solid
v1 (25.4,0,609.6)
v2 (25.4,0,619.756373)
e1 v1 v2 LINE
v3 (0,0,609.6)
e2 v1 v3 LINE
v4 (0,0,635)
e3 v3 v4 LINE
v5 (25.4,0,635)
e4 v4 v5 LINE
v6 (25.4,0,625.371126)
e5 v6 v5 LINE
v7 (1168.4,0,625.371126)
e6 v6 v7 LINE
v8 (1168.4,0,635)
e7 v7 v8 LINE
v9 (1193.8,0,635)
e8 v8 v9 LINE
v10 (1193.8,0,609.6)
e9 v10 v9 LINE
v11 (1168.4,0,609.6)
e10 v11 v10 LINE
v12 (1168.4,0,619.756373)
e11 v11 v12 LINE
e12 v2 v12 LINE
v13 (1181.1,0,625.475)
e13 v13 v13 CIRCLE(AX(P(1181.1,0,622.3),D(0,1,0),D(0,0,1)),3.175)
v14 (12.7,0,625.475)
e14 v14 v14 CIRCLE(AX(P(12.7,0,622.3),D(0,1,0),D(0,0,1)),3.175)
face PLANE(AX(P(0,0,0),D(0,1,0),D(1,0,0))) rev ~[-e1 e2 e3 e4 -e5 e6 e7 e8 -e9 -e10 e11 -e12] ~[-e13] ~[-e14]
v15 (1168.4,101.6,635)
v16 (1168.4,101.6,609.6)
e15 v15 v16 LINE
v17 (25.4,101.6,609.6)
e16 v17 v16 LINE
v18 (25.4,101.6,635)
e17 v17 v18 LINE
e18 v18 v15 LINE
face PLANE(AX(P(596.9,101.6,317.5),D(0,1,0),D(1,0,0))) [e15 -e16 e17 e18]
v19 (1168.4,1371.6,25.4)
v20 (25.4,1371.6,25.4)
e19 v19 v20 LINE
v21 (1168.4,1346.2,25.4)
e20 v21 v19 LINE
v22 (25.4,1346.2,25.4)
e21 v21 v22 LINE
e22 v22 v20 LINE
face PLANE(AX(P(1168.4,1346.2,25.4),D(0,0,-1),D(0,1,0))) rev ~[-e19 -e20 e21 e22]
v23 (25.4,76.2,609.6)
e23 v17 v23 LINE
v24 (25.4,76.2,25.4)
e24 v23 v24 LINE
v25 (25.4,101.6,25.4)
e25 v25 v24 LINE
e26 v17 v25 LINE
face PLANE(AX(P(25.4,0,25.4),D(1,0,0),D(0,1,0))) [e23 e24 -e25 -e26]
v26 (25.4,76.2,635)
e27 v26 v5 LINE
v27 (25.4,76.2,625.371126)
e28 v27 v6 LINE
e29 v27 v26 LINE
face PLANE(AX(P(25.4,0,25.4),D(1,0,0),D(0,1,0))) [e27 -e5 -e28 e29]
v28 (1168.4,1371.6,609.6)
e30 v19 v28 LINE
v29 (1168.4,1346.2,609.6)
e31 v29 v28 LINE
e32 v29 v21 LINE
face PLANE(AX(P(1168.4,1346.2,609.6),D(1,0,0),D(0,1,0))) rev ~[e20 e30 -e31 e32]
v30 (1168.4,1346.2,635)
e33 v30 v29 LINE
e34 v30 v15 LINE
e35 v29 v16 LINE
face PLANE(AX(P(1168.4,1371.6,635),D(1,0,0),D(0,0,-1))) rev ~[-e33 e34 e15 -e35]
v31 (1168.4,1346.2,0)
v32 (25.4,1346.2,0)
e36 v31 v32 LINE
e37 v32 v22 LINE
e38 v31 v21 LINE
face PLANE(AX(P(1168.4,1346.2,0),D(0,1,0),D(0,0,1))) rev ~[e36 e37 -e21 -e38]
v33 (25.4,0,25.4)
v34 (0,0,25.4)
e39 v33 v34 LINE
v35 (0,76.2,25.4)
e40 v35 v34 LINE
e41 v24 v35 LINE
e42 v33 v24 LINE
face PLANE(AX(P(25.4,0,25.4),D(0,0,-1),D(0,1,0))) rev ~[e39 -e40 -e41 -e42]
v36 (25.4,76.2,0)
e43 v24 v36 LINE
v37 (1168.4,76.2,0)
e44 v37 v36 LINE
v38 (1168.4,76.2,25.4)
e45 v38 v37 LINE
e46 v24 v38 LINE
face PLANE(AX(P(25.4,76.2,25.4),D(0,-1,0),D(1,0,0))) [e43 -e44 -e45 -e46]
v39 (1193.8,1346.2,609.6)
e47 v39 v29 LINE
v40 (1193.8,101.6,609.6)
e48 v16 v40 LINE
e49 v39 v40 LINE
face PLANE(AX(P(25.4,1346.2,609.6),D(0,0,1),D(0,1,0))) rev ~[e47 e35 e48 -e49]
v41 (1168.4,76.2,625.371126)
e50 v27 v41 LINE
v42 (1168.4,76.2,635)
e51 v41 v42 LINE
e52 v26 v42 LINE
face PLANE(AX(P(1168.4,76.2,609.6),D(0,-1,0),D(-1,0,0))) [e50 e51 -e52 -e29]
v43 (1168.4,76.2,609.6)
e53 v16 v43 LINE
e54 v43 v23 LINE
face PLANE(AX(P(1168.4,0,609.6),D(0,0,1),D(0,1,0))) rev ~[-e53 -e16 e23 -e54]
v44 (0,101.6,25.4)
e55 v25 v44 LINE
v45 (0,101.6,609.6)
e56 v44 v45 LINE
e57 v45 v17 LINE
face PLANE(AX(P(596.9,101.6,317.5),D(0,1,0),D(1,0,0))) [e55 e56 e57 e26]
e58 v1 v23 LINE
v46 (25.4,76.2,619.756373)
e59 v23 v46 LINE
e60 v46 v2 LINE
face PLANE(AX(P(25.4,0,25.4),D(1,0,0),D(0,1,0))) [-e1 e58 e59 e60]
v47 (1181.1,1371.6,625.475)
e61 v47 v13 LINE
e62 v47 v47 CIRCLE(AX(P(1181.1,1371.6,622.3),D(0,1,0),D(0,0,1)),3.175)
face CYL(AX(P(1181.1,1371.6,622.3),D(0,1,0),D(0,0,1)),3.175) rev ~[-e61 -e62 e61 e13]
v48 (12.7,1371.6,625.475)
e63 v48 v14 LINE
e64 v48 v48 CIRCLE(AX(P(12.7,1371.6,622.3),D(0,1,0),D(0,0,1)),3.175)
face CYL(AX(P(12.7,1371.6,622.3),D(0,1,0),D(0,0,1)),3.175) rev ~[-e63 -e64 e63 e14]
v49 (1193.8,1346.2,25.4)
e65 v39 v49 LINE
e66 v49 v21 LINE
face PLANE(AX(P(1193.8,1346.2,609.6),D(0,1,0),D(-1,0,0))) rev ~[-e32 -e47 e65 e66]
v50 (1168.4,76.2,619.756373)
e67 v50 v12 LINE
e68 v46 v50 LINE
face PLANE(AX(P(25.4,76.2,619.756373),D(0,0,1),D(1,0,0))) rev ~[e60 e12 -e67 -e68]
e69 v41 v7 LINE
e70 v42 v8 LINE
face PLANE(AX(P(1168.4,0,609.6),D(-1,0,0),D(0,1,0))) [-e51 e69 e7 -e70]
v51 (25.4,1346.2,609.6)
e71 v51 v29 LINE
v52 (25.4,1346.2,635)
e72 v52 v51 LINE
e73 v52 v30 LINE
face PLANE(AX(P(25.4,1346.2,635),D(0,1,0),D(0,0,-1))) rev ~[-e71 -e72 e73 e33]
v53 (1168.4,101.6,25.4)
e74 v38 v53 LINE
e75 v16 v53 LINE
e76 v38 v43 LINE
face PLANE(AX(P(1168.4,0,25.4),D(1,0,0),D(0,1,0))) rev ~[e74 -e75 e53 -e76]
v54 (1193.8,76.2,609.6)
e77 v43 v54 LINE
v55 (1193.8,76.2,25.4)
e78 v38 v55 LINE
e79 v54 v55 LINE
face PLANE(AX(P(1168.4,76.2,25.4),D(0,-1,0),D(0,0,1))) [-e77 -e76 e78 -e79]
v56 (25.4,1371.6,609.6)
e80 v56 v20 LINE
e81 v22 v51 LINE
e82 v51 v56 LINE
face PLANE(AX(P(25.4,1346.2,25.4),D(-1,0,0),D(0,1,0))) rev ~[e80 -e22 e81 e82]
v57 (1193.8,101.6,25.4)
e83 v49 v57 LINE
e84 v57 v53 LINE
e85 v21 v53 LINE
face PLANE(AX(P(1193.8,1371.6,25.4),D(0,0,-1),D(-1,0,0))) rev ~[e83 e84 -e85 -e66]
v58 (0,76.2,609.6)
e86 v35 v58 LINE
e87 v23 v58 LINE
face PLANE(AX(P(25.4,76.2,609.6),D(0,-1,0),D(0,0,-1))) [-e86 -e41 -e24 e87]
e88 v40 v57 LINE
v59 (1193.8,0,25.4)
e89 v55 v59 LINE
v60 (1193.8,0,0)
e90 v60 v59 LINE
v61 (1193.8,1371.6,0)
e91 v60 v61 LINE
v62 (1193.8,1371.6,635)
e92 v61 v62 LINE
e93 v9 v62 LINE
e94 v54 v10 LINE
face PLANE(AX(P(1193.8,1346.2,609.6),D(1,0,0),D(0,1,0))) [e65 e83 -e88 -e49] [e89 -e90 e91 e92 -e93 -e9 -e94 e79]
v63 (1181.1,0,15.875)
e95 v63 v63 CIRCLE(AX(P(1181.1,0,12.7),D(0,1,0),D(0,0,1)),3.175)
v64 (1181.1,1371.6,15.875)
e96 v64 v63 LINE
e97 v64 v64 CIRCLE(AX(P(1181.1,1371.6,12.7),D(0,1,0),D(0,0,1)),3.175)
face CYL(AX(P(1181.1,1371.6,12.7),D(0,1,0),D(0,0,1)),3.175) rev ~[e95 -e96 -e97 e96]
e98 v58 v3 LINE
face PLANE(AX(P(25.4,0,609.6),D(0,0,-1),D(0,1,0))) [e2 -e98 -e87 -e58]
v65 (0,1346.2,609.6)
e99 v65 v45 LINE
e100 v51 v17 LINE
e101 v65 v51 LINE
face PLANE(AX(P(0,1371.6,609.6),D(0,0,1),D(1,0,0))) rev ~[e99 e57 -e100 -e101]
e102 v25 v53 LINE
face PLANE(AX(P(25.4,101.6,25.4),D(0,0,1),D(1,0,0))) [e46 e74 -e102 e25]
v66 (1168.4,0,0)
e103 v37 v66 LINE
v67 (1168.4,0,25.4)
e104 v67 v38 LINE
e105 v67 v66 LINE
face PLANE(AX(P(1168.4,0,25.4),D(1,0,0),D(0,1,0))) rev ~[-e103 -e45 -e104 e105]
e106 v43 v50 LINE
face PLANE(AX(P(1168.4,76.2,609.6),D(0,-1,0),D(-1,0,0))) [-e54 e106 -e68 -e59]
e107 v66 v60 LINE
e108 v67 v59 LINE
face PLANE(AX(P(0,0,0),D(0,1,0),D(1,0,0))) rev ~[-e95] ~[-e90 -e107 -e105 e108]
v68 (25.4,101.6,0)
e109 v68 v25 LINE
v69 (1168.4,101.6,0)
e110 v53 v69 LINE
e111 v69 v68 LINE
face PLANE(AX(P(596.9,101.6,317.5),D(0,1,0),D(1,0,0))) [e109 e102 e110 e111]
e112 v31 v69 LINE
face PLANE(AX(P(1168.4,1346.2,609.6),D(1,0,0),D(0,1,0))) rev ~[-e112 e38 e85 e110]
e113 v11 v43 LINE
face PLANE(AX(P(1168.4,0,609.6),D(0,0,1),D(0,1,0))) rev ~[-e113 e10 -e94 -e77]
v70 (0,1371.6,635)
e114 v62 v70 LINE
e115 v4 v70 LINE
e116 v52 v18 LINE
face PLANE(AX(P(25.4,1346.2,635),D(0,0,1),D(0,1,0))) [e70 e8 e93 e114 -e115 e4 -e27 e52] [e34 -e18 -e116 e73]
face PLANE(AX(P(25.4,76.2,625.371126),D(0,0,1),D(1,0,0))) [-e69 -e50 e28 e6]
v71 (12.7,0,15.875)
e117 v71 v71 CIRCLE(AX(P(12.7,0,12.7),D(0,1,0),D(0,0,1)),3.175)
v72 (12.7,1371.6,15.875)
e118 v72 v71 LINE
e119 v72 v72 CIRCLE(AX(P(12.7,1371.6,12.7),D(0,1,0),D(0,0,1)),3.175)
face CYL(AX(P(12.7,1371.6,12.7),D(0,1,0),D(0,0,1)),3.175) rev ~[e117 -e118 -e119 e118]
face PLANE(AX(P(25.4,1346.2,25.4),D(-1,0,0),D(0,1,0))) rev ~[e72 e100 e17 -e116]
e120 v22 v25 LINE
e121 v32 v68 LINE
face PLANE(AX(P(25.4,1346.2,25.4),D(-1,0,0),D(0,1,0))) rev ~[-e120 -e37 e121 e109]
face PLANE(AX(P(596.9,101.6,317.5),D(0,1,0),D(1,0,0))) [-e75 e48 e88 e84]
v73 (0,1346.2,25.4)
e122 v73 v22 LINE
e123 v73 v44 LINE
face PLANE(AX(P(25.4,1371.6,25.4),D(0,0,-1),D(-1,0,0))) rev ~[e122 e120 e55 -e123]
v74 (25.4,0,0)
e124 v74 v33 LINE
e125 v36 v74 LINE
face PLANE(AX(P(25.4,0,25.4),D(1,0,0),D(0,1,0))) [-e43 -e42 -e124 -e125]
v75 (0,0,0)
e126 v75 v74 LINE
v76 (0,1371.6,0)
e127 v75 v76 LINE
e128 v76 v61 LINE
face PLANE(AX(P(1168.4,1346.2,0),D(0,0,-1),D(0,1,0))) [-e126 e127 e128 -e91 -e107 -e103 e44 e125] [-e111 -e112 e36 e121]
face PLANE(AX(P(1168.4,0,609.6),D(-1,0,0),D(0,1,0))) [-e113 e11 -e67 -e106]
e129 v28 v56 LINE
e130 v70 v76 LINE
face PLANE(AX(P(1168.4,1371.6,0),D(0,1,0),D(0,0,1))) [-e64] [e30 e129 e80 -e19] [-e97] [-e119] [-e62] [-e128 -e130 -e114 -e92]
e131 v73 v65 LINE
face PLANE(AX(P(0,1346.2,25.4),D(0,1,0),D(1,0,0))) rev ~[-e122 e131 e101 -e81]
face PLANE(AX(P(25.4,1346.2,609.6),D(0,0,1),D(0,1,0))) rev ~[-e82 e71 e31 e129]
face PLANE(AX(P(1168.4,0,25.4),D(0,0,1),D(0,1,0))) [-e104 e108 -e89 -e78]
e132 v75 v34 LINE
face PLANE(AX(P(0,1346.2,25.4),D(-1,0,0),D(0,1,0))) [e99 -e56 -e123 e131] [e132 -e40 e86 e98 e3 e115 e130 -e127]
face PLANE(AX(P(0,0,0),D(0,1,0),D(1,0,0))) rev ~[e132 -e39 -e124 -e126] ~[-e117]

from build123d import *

# Parameters (mm, degrees)
SKETCH1_W       = 1193.8
SKETCH1_H       = 1371.6
EXTRUDE1_DEPTH  = 635
EXTRUDE4_DEPTH  = 1270
SKETCH6_W       = 25.4
SKETCH6_H       = 25.4
EXTRUDE5_DEPTH  = 584.2
SKETCH8_W       = 25.4
SKETCH8_H       = 25.4
EXTRUDE6_DEPTH  = 1143
SKETCH9_W       = 25.4
SKETCH9_H       = 25.4
EXTRUDE7_DEPTH  = 584.2
SKETCH10_W      = 25.4
SKETCH10_H      = 25.4
EXTRUDE8_DEPTH  = 1143
SHELL2_T        = -25.4
SKETCH17_R      = 3.175
EXTRUDE14_DEPTH = 1927.050362789
SKETCH24_W      = 1143
SKETCH24_H      = 584.2
EXTRUDE15_DEPTH = 25.4
SKETCH12_W      = 1143
SKETCH12_H      = 76.2
EXTRUDE16_DEPTH = 38.1
SKETCH13_W      = 584.2
SKETCH13_H      = 76.2
EXTRUDE17_DEPTH = 38.1
SKETCH14_W      = 1143
SKETCH14_H      = 76.2
EXTRUDE18_DEPTH = 38.1
SKETCH11_W      = 584.2
SKETCH11_H      = 76.2
EXTRUDE19_DEPTH = 38.1
SKETCH30_W      = 1143
SKETCH30_H      = 5.614753794
EXTRUDE20_DEPTH = 76.2


with BuildPart() as part:
    # Sketch1 → Extrude1 (new body)
    with BuildSketch(Plane.XY):
        with Locations((596.9, 685.8)):
            Rectangle(SKETCH1_W, SKETCH1_H)
    extrude(amount=EXTRUDE1_DEPTH)

    # Sketch2 → Extrude4 (cut)
    with BuildSketch(Plane(origin=(0, 1371.6, 0), x_dir=(1, 0, 0), z_dir=(0, 1, 0))):
        Polygon((25.4, -609.6), (25.4, -635), (1168.4, -635), (1168.4, -609.6), (1193.8, -609.6), (1193.8, -25.4), (1168.4, -25.4), (1168.4, 0), (25.4, 0), (25.4, -25.4), (0, -25.4), (0, -609.6), align=None)
    extrude(amount=-EXTRUDE4_DEPTH, mode=Mode.SUBTRACT)

    # Sketch6 → Extrude5 (add)
    with BuildSketch(Plane.XY.offset(25.4)):
        with Locations((12.7, 1358.9)):
            Rectangle(SKETCH6_W, SKETCH6_H)
    extrude(amount=EXTRUDE5_DEPTH)

    # Sketch8 → Extrude6 (add)
    with BuildSketch(Plane(origin=(25.4, 0, 0), x_dir=(0, 0, -1), z_dir=(1, 0, 0))):
        with Locations((-622.3, 1358.9)):
            Rectangle(SKETCH8_W, SKETCH8_H)
    extrude(amount=EXTRUDE6_DEPTH)

    # Sketch9 → Extrude7 (add)
    with BuildSketch(Plane(origin=(0, 0, 609.6), x_dir=(-1, 0, 0), z_dir=(0, 0, -1))):
        with Locations((-1181.1, 1358.9)):
            Rectangle(SKETCH9_W, SKETCH9_H)
    extrude(amount=EXTRUDE7_DEPTH)

    # Sketch10 → Extrude8 (add)
    with BuildSketch(Plane.ZY.offset(-1168.4)):
        with Locations((12.7, 1358.9)):
            Rectangle(SKETCH10_W, SKETCH10_H)
    extrude(amount=EXTRUDE8_DEPTH)

    # Shell2
    shell2_openings = [part.faces().sort_by_distance(p)[0] for p in [
        (596.9, 0, 317.5),
    ]]
    offset(amount=SHELL2_T, openings=shell2_openings)

    # Sketch17 → Extrude14 (cut, through all)
    with BuildSketch(Plane(origin=(0, 1371.6, 0), x_dir=(1, 0, 0), z_dir=(0, 1, 0))):
        with Locations(Location((1181.1, -622.3, 0), (0, 0, 270))):
            Circle(SKETCH17_R)
        with Locations(Location((1181.1, -12.7, 0), (0, 0, 270))):
            Circle(SKETCH17_R)
        with Locations(Location((12.7, -12.7, 0), (0, 0, 270))):
            Circle(SKETCH17_R)
        with Locations(Location((12.7, -622.3, 0), (0, 0, 270))):
            Circle(SKETCH17_R)
    extrude(amount=-EXTRUDE14_DEPTH, mode=Mode.SUBTRACT)

    # Sketch24 → Extrude15 (cut)
    with BuildSketch(Plane(origin=(0, 101.6, 0), x_dir=(1, 0, 0), z_dir=(0, 1, 0))):
        with Locations((596.9, -317.5)):
            Rectangle(SKETCH24_W, SKETCH24_H)
    extrude(amount=-EXTRUDE15_DEPTH, mode=Mode.SUBTRACT)

    # Sketch12 → Extrude16 (cut)
    with BuildSketch(Plane.XY.offset(25.4)):
        with Locations((596.9, 38.1)):
            Rectangle(SKETCH12_W, SKETCH12_H)
    extrude(amount=-EXTRUDE16_DEPTH, mode=Mode.SUBTRACT)

    # Sketch13 → Extrude17 (cut)
    with BuildSketch(Plane.ZY.offset(-1168.4)):
        with Locations((317.5, 38.1)):
            Rectangle(SKETCH13_W, SKETCH13_H)
    extrude(amount=-EXTRUDE17_DEPTH, mode=Mode.SUBTRACT)

    # Sketch14 → Extrude18 (cut)
    with BuildSketch(Plane(origin=(0, 0, 609.6), x_dir=(-1, 0, 0), z_dir=(0, 0, -1))):
        with Locations((-596.9, 38.1)):
            Rectangle(SKETCH14_W, SKETCH14_H)
    extrude(amount=-EXTRUDE18_DEPTH, mode=Mode.SUBTRACT)

    # Sketch11 → Extrude19 (cut)
    with BuildSketch(Plane(origin=(25.4, 0, 0), x_dir=(0, 0, -1), z_dir=(1, 0, 0))):
        with Locations((-317.5, 38.1)):
            Rectangle(SKETCH11_W, SKETCH11_H)
    extrude(amount=-EXTRUDE19_DEPTH, mode=Mode.SUBTRACT)

    # Sketch30 → Extrude20 (add)
    with BuildSketch(Plane.XZ.offset(-76.2)):
        with Locations((596.9, 622.563749497)):
            Rectangle(SKETCH30_W, SKETCH30_H)
    extrude(amount=EXTRUDE20_DEPTH)


solid = part.part
